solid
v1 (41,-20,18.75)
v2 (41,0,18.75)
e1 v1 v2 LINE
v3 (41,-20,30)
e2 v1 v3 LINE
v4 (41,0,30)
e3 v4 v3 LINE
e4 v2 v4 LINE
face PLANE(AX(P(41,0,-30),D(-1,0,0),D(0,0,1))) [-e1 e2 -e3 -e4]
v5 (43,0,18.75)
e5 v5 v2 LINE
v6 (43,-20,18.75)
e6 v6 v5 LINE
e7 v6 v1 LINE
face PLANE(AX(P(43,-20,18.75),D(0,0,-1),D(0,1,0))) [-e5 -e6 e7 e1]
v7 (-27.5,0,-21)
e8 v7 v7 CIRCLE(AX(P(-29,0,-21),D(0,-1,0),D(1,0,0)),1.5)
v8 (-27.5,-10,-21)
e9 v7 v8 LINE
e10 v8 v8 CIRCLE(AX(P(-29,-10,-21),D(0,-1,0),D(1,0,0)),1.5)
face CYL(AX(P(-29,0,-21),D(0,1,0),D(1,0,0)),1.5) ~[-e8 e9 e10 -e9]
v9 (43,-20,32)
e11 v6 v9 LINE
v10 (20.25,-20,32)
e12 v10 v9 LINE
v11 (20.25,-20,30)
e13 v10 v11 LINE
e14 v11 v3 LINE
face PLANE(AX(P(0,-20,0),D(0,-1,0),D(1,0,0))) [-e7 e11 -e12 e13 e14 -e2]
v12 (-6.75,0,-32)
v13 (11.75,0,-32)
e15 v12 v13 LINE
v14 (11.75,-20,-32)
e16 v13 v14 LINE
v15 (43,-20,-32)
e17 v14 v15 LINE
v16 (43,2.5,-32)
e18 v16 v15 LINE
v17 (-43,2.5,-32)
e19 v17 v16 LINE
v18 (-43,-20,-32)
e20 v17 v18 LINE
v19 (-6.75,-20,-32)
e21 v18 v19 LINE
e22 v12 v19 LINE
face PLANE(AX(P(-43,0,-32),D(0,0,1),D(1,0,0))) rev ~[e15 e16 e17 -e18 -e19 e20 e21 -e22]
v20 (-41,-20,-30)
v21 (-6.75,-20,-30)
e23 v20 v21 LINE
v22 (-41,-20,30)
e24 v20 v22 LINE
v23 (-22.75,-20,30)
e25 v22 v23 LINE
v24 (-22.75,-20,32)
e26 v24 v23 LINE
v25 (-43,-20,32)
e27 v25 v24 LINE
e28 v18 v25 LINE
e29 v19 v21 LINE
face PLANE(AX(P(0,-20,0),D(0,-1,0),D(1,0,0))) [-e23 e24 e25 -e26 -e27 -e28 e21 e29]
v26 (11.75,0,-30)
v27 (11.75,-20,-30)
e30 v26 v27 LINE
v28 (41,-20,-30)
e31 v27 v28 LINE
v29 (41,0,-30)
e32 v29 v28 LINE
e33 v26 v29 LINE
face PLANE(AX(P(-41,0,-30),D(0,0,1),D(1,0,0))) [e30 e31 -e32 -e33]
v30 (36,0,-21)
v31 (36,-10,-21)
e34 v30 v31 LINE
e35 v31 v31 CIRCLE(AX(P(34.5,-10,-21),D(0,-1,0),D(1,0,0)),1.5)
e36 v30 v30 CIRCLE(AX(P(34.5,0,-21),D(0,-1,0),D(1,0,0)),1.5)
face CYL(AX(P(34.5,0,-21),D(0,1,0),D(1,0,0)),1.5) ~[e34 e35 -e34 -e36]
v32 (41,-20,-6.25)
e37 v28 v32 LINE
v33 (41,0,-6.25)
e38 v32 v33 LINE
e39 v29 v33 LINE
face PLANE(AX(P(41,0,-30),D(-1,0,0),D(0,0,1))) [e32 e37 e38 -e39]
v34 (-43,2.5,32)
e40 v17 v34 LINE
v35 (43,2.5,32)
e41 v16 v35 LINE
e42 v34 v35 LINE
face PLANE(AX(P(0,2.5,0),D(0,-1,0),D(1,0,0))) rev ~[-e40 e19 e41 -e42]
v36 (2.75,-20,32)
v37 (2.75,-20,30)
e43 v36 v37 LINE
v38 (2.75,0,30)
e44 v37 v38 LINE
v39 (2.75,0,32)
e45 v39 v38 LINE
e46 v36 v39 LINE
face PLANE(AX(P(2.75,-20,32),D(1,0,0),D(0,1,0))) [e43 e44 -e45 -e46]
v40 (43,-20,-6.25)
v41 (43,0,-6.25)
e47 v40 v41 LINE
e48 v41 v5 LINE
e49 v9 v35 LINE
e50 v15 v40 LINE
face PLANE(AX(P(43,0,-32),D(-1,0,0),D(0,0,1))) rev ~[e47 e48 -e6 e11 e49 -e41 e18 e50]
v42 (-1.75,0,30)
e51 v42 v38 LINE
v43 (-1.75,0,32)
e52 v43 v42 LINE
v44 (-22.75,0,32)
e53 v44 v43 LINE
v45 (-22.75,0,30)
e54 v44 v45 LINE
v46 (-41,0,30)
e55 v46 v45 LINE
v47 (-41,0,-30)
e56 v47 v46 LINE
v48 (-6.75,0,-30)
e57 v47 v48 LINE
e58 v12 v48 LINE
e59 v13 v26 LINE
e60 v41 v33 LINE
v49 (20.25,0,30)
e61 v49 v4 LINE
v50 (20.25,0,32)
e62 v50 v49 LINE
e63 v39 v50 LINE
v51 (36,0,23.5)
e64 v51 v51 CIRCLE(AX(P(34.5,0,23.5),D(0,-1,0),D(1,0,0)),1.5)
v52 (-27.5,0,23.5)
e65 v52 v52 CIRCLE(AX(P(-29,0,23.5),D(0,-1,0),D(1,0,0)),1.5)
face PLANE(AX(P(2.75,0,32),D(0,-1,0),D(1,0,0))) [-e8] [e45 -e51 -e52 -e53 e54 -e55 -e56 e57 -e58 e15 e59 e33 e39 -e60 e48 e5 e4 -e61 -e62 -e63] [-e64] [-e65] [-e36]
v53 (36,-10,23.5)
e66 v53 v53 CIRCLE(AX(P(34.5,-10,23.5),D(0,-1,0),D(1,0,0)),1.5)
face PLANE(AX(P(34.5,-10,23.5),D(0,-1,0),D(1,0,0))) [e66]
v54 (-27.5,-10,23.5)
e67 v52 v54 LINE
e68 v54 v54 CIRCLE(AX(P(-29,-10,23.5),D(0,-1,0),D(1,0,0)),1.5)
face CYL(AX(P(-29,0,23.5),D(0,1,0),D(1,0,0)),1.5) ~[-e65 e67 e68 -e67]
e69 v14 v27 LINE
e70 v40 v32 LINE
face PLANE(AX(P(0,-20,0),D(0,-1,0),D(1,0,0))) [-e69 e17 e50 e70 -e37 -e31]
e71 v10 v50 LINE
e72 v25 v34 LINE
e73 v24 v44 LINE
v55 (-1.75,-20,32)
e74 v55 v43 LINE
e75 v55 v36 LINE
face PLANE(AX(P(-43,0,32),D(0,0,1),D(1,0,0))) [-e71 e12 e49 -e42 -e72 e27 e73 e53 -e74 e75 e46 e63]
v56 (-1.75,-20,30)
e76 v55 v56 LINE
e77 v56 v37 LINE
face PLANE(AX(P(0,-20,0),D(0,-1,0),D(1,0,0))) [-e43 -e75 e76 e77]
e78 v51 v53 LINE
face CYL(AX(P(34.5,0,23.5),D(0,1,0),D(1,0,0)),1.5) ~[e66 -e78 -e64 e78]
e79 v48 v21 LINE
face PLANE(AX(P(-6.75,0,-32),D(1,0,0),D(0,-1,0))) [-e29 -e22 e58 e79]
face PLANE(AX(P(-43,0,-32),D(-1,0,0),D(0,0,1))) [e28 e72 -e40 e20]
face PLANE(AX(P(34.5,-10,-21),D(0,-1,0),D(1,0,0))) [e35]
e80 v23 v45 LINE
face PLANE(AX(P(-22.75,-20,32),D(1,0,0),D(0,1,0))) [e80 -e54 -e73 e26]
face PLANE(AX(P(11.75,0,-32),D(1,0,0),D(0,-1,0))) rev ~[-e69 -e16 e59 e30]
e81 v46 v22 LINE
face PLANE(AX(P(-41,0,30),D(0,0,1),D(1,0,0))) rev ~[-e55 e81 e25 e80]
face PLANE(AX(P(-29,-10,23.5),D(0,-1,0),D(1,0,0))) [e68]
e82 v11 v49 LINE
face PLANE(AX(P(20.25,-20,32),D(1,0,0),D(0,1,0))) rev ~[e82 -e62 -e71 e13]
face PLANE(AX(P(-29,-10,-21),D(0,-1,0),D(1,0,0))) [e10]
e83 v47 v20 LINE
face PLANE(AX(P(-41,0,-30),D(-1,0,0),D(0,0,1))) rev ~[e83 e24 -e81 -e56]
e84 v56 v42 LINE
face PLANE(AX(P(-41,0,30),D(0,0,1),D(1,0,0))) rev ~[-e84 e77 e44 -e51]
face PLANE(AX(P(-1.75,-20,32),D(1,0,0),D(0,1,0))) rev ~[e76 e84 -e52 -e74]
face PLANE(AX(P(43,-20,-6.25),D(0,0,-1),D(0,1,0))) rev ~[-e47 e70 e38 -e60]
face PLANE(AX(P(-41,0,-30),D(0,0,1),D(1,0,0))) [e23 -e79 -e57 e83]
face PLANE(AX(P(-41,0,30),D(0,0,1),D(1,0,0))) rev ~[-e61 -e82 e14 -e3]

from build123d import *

# Parameters (mm, degrees)
F0_W     = 86
F0_H     = 64
F0_W_2   = 82
F0_H_2   = 60
F0_R     = 1.5
F1_DEPTH = 2.5
F2_DEPTH = 10
F3_DEPTH = 20
F4_W     = 20
F4_H     = 25
F5_DEPTH = 2
F6_W     = 18.5
F6_H     = 20
F7_DEPTH = 2
F8_W     = 21
F8_H     = 20
F8_W_2   = 17.5
F9_DEPTH = 2


with BuildPart() as f1:
    # F0 (on Front) → F1 (new body)
    with BuildSketch(Plane.XZ):
        Rectangle(F0_W, F0_H)
        Rectangle(F0_W_2, F0_H_2, mode=Mode.SUBTRACT)
        Rectangle(F0_W_2, F0_H_2)
        with Locations((-29, -21)):
            Circle(F0_R, mode=Mode.SUBTRACT)
        with Locations((34.5, -21)):
            Circle(F0_R, mode=Mode.SUBTRACT)
        with Locations((-29, 23.5)):
            Circle(F0_R, mode=Mode.SUBTRACT)
        with Locations((34.5, 23.5)):
            Circle(F0_R, mode=Mode.SUBTRACT)
        with Locations((-29, 23.5)):
            Circle(F0_R)
        with Locations((-29, -21)):
            Circle(F0_R)
        with Locations((34.5, -21)):
            Circle(F0_R)
        with Locations((34.5, 23.5)):
            Circle(F0_R)
    extrude(amount=-F1_DEPTH)

    # F0 (on Front) → F2 (join)
    with BuildSketch(Plane.XZ):
        with Locations((-29, 23.5)):
            Circle(F0_R)
        with Locations((-29, -21)):
            Circle(F0_R)
        with Locations((34.5, -21)):
            Circle(F0_R)
        with Locations((34.5, 23.5)):
            Circle(F0_R)
    extrude(amount=F2_DEPTH)

    # F0 (on Front) → F3 (join)
    with BuildSketch(Plane.XZ):
        Rectangle(F0_W, F0_H)
        Rectangle(F0_W_2, F0_H_2, mode=Mode.SUBTRACT)
    extrude(amount=F3_DEPTH)

    # F4 (on face) → F5 (cut)
    with BuildSketch(Plane.YZ.offset(43)):
        with Locations((-10, 6.25)):
            Rectangle(F4_W, F4_H)
    extrude(amount=-F5_DEPTH, mode=Mode.SUBTRACT)

    # F6 (on face) → F7 (cut)
    with BuildSketch(Plane(origin=(0, 0, -32), x_dir=(1, 0, 0), z_dir=(0, 0, -1))):
        with Locations((2.5, 10)):
            Rectangle(F6_W, F6_H)
    extrude(amount=-F7_DEPTH, mode=Mode.SUBTRACT)

    # F8 (on face) → F9 (cut)
    with BuildSketch(Plane.XY.offset(32)):
        with Locations((-12.25, -10)):
            Rectangle(F8_W, F8_H)
        with Locations((11.5, -10)):
            Rectangle(F8_W_2, F8_H)
    extrude(amount=-F9_DEPTH, mode=Mode.SUBTRACT)


solid = f1.part
